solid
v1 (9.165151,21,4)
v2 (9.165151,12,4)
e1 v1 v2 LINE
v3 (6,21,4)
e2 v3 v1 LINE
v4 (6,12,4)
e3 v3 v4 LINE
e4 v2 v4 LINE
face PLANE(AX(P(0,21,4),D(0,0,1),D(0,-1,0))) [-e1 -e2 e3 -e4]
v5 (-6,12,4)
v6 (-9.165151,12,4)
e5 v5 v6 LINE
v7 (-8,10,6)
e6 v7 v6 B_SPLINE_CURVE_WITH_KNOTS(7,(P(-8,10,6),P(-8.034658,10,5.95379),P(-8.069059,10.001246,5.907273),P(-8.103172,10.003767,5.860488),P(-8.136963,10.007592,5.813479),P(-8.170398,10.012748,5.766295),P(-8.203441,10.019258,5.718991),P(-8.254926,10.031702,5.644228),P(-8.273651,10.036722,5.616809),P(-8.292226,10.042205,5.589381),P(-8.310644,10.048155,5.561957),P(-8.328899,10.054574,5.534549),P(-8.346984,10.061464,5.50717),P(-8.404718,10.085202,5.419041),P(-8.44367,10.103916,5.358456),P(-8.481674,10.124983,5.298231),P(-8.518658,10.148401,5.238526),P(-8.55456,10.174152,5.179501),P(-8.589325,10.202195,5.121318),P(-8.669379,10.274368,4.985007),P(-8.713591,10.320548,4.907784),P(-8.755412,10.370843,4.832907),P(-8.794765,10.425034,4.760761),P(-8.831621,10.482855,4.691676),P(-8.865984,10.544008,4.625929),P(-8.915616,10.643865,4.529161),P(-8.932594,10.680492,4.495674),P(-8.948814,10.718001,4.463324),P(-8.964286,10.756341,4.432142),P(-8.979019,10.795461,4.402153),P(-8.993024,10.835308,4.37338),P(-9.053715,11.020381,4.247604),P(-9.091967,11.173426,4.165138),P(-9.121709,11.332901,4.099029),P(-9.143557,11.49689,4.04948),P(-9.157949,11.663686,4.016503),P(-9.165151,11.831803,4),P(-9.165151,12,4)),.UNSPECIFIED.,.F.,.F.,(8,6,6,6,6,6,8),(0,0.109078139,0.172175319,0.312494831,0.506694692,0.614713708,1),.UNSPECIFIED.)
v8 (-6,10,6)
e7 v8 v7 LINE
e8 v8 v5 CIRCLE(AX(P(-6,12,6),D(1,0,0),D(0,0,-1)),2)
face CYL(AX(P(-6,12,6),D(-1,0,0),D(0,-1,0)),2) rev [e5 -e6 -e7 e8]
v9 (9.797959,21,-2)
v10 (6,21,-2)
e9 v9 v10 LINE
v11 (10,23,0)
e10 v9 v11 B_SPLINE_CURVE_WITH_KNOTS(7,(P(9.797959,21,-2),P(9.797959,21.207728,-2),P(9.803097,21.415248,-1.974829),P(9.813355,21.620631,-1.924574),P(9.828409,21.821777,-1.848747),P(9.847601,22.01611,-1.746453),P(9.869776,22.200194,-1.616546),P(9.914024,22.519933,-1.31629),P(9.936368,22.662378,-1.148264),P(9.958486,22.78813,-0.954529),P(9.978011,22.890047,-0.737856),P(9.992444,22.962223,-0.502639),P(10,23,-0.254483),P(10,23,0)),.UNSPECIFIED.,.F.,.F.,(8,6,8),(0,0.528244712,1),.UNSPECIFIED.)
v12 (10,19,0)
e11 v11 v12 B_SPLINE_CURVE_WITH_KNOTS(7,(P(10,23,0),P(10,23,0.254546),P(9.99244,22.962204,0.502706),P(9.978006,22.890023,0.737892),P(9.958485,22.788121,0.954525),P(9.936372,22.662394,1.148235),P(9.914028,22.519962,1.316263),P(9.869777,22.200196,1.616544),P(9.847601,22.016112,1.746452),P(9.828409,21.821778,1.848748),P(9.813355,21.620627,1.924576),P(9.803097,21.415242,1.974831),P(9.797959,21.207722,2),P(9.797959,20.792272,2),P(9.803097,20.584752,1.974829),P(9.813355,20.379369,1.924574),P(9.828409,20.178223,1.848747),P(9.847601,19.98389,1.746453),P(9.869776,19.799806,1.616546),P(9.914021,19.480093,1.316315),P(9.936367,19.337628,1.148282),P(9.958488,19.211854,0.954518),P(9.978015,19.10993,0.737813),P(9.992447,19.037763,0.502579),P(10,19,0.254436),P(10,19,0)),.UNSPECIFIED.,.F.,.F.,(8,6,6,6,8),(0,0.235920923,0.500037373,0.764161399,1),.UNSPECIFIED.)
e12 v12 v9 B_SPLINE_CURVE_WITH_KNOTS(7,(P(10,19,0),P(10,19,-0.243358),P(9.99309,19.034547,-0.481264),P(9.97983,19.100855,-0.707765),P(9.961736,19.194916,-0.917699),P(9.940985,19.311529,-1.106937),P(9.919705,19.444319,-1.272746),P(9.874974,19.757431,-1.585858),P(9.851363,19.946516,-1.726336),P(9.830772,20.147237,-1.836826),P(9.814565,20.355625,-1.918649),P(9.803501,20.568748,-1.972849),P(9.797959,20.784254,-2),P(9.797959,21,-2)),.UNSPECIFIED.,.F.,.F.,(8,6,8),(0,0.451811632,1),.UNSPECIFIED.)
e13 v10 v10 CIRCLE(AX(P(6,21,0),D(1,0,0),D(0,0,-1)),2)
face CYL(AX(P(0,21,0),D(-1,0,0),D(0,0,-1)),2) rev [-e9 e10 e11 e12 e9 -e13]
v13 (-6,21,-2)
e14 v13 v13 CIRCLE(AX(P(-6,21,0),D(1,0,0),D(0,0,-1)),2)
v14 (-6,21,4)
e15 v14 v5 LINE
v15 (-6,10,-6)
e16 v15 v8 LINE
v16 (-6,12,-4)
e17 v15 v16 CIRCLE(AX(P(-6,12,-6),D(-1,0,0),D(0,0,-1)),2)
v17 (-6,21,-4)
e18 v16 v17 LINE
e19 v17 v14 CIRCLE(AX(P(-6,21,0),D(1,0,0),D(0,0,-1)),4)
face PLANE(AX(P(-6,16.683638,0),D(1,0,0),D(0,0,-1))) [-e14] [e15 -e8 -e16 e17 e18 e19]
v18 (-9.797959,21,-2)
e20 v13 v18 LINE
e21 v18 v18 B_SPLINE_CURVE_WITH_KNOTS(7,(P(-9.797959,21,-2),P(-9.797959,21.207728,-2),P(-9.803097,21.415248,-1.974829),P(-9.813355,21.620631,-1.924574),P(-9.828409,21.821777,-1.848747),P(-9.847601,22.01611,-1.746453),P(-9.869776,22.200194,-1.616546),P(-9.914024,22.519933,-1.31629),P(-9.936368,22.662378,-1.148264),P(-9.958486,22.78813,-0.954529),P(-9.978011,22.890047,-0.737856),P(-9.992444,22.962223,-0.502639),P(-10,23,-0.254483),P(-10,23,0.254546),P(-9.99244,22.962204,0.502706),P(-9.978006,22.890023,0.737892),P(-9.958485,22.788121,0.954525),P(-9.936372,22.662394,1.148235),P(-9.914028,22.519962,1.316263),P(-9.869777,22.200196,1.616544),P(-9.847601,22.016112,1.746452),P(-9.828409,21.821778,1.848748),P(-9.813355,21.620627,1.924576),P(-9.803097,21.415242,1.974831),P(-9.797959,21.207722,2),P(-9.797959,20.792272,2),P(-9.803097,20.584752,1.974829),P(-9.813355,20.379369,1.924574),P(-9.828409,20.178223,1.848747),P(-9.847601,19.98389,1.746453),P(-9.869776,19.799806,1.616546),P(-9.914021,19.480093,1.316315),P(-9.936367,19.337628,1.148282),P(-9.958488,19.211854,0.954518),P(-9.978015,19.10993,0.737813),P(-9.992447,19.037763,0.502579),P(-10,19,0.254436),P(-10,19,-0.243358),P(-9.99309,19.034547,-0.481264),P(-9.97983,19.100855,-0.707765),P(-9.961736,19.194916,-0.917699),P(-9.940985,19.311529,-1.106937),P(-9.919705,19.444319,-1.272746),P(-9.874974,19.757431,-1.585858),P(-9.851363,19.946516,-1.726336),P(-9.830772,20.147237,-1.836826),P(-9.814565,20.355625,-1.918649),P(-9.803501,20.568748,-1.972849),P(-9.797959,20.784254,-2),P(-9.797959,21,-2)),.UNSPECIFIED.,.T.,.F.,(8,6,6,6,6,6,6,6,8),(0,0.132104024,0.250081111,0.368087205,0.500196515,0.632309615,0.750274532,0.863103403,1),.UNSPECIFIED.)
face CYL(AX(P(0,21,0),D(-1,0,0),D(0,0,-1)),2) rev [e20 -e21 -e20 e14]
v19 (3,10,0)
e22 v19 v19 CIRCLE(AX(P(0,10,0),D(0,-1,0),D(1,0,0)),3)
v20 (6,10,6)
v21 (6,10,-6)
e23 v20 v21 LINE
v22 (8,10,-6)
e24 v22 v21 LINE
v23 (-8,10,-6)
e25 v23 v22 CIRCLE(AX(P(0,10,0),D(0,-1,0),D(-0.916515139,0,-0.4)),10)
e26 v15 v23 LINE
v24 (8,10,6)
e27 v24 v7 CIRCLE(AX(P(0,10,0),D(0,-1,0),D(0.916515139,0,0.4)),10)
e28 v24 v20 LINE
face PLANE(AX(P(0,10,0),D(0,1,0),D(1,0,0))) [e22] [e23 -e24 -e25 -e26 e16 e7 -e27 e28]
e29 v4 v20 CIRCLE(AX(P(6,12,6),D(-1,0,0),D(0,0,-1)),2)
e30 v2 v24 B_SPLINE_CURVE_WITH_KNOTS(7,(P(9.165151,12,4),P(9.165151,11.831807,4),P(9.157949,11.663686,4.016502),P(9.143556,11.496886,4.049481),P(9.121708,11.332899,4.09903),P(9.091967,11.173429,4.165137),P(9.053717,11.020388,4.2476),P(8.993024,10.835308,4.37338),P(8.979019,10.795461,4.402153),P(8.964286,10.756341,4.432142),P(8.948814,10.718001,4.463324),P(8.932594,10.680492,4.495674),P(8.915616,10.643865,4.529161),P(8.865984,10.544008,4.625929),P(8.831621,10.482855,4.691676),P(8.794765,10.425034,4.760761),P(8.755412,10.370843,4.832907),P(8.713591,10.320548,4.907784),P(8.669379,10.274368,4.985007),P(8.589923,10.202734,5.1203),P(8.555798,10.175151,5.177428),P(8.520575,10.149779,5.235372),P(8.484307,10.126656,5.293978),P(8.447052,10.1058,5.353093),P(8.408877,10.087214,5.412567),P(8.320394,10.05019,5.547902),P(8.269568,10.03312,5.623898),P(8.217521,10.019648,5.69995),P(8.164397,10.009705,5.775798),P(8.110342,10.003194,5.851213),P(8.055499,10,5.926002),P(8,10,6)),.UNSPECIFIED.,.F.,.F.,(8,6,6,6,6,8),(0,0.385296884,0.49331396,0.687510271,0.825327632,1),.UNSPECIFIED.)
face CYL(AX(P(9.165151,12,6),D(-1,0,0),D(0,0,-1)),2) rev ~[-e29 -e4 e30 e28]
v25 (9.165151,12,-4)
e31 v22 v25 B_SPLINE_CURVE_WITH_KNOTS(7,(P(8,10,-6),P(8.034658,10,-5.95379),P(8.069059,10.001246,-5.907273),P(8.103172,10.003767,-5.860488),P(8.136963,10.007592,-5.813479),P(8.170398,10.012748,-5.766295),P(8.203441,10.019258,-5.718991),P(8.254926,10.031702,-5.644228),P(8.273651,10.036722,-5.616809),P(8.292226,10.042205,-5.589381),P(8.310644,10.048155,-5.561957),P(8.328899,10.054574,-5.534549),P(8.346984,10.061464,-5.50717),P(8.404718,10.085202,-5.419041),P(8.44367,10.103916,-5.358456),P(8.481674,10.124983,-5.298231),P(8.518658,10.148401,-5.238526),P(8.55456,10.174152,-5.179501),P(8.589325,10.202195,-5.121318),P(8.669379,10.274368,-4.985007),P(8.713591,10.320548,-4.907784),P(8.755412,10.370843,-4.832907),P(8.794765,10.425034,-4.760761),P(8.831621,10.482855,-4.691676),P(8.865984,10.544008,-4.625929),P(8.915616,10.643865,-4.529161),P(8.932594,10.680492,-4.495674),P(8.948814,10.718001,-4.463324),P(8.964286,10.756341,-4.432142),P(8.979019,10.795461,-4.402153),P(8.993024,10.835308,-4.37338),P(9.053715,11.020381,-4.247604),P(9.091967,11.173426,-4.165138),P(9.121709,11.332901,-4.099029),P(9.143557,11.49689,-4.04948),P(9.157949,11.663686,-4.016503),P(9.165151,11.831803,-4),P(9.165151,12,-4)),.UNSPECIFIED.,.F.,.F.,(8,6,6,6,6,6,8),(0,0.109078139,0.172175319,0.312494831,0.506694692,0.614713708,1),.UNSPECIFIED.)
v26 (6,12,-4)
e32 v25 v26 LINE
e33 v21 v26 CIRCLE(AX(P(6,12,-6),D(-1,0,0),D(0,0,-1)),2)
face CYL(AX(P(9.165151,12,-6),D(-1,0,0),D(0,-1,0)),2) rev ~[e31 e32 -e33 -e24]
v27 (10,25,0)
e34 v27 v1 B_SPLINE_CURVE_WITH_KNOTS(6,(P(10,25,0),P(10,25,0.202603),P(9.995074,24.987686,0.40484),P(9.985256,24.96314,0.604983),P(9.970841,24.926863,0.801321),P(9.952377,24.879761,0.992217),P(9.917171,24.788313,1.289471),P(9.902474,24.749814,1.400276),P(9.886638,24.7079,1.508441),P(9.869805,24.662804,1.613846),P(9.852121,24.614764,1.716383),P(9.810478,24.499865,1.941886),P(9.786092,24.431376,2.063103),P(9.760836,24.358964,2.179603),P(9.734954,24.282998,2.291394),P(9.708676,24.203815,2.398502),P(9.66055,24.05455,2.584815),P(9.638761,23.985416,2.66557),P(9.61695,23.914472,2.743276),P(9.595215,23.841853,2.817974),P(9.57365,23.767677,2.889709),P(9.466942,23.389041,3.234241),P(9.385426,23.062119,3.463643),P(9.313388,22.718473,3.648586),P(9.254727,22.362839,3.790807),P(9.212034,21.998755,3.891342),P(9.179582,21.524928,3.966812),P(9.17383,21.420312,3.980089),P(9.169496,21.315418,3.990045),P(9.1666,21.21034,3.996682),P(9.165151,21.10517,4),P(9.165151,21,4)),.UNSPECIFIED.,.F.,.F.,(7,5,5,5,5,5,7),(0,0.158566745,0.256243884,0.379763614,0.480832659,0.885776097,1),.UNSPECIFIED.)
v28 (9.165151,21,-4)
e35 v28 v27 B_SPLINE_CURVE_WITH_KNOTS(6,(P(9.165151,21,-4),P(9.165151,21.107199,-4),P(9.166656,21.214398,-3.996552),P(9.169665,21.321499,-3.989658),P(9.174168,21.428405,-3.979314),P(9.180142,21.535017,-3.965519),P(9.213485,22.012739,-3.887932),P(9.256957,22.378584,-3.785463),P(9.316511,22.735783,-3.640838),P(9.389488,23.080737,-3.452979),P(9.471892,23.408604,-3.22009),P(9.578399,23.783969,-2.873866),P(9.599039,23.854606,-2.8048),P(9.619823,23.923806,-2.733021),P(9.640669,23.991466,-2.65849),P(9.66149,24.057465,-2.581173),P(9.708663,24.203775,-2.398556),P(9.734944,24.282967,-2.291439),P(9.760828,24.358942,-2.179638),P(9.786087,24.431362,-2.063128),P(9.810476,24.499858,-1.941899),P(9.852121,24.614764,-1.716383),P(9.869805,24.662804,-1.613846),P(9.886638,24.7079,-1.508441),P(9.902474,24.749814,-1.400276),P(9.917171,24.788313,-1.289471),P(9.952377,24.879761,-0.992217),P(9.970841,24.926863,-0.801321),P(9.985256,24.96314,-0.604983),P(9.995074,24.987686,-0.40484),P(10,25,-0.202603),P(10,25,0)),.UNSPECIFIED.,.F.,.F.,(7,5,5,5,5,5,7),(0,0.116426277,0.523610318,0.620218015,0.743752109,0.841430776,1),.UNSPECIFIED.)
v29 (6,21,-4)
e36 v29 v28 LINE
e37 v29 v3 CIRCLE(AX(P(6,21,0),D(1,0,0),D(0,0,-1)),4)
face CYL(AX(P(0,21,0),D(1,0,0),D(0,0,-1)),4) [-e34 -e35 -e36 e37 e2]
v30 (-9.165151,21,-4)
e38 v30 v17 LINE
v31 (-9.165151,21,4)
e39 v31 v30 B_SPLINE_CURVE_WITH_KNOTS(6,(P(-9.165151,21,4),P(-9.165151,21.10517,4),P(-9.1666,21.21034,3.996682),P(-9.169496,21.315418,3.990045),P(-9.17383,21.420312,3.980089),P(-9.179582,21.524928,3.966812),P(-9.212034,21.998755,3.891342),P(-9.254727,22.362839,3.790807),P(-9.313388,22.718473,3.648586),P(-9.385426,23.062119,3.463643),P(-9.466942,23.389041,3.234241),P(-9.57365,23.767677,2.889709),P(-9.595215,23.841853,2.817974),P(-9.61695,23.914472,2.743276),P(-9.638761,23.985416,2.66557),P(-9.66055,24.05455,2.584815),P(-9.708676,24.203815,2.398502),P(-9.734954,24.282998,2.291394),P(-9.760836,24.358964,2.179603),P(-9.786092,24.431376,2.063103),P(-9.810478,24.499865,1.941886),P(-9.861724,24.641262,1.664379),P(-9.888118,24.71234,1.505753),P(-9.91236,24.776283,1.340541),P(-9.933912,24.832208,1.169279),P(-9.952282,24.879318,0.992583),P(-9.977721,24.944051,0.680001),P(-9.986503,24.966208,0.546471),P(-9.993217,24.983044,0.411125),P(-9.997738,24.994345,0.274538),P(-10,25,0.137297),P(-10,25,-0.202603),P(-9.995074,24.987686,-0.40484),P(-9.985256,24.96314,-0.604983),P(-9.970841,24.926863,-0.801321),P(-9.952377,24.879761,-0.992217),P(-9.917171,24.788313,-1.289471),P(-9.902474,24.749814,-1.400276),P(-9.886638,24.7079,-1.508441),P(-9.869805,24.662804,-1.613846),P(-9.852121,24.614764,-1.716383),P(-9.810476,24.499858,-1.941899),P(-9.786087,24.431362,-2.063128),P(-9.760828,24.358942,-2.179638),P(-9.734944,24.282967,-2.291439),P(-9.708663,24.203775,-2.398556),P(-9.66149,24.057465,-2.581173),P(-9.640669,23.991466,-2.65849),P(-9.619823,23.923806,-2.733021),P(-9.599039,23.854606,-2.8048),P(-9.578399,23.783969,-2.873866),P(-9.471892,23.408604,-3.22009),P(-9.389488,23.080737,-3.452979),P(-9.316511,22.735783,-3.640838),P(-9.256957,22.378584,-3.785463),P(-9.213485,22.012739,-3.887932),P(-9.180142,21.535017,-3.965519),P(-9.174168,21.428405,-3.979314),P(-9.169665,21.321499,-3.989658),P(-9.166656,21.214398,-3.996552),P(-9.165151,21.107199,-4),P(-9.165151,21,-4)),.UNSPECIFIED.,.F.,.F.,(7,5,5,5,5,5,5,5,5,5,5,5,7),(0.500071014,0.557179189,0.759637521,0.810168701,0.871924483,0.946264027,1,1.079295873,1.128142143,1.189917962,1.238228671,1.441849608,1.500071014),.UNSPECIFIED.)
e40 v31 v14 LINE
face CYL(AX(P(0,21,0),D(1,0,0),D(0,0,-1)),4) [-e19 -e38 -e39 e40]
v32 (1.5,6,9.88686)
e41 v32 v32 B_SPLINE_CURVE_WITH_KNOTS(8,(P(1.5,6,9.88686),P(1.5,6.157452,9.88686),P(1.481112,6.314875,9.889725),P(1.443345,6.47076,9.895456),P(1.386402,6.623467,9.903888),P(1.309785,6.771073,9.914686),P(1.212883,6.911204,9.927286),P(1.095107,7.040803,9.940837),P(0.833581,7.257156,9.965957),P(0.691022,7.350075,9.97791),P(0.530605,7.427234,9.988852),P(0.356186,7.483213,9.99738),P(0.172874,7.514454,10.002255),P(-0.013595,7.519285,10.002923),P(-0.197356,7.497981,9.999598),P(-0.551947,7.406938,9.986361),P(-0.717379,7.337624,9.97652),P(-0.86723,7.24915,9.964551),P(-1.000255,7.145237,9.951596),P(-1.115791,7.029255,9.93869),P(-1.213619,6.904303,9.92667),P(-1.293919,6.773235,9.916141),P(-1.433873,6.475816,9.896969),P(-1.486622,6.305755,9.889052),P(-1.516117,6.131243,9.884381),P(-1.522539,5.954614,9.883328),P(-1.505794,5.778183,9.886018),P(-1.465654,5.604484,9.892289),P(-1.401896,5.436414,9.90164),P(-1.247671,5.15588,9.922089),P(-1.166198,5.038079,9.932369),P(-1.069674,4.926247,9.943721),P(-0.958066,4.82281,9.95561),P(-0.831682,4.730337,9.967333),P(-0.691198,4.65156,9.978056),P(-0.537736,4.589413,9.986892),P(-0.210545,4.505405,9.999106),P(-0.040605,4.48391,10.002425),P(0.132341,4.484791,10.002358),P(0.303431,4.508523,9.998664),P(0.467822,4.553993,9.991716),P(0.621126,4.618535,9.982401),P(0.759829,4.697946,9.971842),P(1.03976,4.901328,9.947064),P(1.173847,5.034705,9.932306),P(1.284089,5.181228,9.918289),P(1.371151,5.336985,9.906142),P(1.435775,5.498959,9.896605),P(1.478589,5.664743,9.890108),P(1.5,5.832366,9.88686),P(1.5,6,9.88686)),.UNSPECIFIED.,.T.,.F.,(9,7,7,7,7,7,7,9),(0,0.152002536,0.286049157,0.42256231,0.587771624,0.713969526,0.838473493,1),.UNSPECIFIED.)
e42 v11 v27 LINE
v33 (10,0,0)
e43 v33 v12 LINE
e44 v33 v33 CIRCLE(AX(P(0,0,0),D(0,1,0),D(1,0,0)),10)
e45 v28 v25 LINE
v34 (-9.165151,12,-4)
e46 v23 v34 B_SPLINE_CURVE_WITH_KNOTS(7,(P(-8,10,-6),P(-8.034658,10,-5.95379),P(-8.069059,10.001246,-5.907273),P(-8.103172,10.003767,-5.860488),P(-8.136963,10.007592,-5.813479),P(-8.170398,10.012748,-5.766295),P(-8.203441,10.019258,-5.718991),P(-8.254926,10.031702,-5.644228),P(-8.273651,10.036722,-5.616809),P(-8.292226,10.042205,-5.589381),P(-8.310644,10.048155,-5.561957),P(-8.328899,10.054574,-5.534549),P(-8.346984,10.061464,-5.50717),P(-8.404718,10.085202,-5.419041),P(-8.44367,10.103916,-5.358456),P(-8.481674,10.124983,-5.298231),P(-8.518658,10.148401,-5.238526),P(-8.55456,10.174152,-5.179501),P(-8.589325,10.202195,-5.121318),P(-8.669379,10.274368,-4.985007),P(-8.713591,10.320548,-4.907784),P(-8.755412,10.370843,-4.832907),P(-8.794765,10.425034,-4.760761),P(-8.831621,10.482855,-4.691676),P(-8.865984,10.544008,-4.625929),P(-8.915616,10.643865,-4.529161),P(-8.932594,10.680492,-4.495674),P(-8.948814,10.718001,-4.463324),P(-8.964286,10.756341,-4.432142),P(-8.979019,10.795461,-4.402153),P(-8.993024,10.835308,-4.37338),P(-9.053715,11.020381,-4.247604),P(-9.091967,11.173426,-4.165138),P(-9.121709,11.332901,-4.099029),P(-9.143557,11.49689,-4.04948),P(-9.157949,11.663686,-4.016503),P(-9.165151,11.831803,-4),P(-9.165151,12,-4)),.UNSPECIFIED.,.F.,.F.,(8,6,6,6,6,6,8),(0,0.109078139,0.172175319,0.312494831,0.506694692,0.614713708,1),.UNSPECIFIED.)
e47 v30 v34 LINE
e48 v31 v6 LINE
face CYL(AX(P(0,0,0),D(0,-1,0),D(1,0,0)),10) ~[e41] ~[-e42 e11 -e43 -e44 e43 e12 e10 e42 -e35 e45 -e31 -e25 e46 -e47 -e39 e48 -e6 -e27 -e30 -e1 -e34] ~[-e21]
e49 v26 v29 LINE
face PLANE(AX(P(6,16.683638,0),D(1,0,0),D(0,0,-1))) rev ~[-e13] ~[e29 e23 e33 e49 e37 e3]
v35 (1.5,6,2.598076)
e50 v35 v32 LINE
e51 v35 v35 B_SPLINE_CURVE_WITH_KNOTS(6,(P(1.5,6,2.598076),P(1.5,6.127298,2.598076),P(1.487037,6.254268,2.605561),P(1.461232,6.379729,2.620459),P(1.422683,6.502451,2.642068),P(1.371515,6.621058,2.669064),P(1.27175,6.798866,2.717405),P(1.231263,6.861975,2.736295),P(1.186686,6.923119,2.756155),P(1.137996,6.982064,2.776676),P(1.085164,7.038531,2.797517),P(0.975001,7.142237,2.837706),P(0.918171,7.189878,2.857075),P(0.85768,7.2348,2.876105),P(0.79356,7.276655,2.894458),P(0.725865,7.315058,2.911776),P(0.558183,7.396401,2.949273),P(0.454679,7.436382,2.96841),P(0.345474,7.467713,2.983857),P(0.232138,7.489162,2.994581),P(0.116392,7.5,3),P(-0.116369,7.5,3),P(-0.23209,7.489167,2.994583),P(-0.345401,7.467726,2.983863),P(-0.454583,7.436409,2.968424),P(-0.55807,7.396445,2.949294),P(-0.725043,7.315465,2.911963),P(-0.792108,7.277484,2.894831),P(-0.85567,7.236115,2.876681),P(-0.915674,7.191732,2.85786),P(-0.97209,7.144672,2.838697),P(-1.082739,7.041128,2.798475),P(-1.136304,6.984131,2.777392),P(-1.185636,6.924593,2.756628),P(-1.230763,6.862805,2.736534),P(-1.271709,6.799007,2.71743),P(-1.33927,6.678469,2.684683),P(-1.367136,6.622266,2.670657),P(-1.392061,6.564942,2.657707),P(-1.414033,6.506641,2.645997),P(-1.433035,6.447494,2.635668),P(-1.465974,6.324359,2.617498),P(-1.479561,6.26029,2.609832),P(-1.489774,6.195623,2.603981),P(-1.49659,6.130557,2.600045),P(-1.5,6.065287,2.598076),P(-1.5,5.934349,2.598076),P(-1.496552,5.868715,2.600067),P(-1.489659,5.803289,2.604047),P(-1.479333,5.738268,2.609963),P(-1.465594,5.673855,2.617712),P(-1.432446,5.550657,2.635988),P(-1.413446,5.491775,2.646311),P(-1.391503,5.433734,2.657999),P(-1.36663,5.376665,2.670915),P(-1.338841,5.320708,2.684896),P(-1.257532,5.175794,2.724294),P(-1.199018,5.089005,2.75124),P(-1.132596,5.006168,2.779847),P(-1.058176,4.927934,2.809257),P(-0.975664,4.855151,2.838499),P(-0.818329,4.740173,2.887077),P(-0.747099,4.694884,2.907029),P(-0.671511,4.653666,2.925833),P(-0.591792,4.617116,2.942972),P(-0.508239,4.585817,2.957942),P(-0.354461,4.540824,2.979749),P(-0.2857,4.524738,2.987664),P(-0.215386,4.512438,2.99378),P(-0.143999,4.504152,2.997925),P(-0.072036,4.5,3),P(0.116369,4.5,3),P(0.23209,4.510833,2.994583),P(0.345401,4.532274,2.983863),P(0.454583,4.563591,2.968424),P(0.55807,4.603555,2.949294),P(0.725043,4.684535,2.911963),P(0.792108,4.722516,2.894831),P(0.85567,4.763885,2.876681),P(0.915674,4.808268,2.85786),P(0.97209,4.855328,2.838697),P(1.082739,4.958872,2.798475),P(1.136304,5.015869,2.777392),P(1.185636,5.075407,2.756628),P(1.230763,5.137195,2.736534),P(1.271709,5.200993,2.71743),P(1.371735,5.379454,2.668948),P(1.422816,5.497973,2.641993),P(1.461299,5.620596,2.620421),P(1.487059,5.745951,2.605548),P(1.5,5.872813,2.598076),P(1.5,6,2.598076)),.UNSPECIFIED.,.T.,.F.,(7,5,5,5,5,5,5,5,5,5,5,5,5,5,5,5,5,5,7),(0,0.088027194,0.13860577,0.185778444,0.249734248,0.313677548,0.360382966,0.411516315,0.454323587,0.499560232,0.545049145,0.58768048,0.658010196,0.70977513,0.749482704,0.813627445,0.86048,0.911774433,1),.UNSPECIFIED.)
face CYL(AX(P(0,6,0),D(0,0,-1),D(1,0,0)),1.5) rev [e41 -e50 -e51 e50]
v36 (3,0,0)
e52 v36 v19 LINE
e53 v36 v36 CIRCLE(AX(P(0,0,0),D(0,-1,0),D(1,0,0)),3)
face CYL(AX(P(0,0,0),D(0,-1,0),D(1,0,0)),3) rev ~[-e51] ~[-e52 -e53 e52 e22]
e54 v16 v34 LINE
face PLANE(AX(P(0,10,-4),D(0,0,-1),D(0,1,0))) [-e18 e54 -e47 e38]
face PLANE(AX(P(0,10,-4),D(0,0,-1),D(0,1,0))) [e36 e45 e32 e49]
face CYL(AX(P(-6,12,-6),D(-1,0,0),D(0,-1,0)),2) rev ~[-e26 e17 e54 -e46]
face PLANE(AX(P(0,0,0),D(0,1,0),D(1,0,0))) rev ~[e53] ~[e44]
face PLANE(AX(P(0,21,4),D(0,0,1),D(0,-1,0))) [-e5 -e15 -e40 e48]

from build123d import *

# Parameters (mm, degrees)
SKETCH_1_W          = 20
SKETCH_1_H          = 20
EXTRUDE_1_DEPTH     = 10
SKETCH_2_R          = 2
EXTRUDE_2_DEPTH     = 10
SKETCH_2_2_R        = 2
CUT_EXTRUDE_1_DEPTH = 6
SKETCH_4_OUTSIDE_W  = 29.55
SKETCH_4_OUTSIDE_H  = 29.55
SKETCH_4_OUTSIDE_R  = 10
CUT_EXTRUDE_2_DEPTH = 26
SKETCH_5_R          = 3
CUT_EXTRUDE_3_DEPTH = 26.0000001
SKETCH_6_R          = 1.5
CUT_EXTRUDE_4_DEPTH = 11.0000001
FILLET_1_R          = 2


with BuildPart() as part:
    # 草圖1 → 填料-伸長1 (new body)
    with BuildSketch(Plane(origin=(0, 0, 0), x_dir=(1, 0, 0), z_dir=(0, 1, 0))):
        Rectangle(SKETCH_1_W, SKETCH_1_H)
    extrude(amount=EXTRUDE_1_DEPTH)

    # 草圖2 → 填料-伸長2 (add, symmetric)
    with BuildSketch(Plane(origin=(0, 0, 0), x_dir=(0, 0, -1), z_dir=(1, 0, 0))):
        with BuildLine():
            Line((4, 10), (4, 21))
            ThreePointArc((4, 21), (0, 25), (-4, 21))
            Line((-4, 21), (-4, 10))
            Line((-4, 10), (4, 10))
        make_face()
        with Locations((0, 21)):
            Circle(SKETCH_2_R, mode=Mode.SUBTRACT)
    extrude(amount=EXTRUDE_2_DEPTH, both=True)

    # 草圖2<2> → 除料-伸長1 (cut, symmetric)
    with BuildSketch(Plane(origin=(0, 0, 0), x_dir=(0, 0, -1), z_dir=(1, 0, 0))):
        with BuildLine():
            Line((4, 10), (4, 21))
            ThreePointArc((4, 21), (0, 25), (-4, 21))
            Line((-4, 21), (-4, 10))
            Line((-4, 10), (4, 10))
        make_face()
        with Locations((0, 21)):
            Circle(SKETCH_2_2_R, mode=Mode.SUBTRACT)
    extrude(amount=CUT_EXTRUDE_1_DEPTH, both=True, mode=Mode.SUBTRACT)

    # 草圖4 outside → 除料-伸長2 (cut, through all)
    with BuildSketch(Plane(origin=(0, 0, 0), x_dir=(1, 0, 0), z_dir=(0, 1, 0))):
        Rectangle(SKETCH_4_OUTSIDE_W, SKETCH_4_OUTSIDE_H)
        Circle(SKETCH_4_OUTSIDE_R, mode=Mode.SUBTRACT)
    extrude(amount=CUT_EXTRUDE_2_DEPTH, mode=Mode.SUBTRACT)

    # 草圖5 → 除料-伸長3 (cut, through all)
    with BuildSketch(Plane.XZ):
        Circle(SKETCH_5_R)
    extrude(amount=-CUT_EXTRUDE_3_DEPTH, mode=Mode.SUBTRACT)

    # 草圖6 → 除料-伸長4 (cut, through all)
    with BuildSketch(Plane.XY):
        with Locations((0, 6)):
            Circle(SKETCH_6_R)
    extrude(amount=CUT_EXTRUDE_4_DEPTH, mode=Mode.SUBTRACT)

    # 圓角1
    fillet_1_edges = [part.edges().sort_by_distance(p)[0] for p in [
        (-7.582575695, 10, 4),
        (-7.582575695, 10, -4),
        (7.582575695, 10, 4),
        (7.582575695, 10, -4),
    ]]
    fillet(fillet_1_edges, radius=FILLET_1_R)


solid = part.part
